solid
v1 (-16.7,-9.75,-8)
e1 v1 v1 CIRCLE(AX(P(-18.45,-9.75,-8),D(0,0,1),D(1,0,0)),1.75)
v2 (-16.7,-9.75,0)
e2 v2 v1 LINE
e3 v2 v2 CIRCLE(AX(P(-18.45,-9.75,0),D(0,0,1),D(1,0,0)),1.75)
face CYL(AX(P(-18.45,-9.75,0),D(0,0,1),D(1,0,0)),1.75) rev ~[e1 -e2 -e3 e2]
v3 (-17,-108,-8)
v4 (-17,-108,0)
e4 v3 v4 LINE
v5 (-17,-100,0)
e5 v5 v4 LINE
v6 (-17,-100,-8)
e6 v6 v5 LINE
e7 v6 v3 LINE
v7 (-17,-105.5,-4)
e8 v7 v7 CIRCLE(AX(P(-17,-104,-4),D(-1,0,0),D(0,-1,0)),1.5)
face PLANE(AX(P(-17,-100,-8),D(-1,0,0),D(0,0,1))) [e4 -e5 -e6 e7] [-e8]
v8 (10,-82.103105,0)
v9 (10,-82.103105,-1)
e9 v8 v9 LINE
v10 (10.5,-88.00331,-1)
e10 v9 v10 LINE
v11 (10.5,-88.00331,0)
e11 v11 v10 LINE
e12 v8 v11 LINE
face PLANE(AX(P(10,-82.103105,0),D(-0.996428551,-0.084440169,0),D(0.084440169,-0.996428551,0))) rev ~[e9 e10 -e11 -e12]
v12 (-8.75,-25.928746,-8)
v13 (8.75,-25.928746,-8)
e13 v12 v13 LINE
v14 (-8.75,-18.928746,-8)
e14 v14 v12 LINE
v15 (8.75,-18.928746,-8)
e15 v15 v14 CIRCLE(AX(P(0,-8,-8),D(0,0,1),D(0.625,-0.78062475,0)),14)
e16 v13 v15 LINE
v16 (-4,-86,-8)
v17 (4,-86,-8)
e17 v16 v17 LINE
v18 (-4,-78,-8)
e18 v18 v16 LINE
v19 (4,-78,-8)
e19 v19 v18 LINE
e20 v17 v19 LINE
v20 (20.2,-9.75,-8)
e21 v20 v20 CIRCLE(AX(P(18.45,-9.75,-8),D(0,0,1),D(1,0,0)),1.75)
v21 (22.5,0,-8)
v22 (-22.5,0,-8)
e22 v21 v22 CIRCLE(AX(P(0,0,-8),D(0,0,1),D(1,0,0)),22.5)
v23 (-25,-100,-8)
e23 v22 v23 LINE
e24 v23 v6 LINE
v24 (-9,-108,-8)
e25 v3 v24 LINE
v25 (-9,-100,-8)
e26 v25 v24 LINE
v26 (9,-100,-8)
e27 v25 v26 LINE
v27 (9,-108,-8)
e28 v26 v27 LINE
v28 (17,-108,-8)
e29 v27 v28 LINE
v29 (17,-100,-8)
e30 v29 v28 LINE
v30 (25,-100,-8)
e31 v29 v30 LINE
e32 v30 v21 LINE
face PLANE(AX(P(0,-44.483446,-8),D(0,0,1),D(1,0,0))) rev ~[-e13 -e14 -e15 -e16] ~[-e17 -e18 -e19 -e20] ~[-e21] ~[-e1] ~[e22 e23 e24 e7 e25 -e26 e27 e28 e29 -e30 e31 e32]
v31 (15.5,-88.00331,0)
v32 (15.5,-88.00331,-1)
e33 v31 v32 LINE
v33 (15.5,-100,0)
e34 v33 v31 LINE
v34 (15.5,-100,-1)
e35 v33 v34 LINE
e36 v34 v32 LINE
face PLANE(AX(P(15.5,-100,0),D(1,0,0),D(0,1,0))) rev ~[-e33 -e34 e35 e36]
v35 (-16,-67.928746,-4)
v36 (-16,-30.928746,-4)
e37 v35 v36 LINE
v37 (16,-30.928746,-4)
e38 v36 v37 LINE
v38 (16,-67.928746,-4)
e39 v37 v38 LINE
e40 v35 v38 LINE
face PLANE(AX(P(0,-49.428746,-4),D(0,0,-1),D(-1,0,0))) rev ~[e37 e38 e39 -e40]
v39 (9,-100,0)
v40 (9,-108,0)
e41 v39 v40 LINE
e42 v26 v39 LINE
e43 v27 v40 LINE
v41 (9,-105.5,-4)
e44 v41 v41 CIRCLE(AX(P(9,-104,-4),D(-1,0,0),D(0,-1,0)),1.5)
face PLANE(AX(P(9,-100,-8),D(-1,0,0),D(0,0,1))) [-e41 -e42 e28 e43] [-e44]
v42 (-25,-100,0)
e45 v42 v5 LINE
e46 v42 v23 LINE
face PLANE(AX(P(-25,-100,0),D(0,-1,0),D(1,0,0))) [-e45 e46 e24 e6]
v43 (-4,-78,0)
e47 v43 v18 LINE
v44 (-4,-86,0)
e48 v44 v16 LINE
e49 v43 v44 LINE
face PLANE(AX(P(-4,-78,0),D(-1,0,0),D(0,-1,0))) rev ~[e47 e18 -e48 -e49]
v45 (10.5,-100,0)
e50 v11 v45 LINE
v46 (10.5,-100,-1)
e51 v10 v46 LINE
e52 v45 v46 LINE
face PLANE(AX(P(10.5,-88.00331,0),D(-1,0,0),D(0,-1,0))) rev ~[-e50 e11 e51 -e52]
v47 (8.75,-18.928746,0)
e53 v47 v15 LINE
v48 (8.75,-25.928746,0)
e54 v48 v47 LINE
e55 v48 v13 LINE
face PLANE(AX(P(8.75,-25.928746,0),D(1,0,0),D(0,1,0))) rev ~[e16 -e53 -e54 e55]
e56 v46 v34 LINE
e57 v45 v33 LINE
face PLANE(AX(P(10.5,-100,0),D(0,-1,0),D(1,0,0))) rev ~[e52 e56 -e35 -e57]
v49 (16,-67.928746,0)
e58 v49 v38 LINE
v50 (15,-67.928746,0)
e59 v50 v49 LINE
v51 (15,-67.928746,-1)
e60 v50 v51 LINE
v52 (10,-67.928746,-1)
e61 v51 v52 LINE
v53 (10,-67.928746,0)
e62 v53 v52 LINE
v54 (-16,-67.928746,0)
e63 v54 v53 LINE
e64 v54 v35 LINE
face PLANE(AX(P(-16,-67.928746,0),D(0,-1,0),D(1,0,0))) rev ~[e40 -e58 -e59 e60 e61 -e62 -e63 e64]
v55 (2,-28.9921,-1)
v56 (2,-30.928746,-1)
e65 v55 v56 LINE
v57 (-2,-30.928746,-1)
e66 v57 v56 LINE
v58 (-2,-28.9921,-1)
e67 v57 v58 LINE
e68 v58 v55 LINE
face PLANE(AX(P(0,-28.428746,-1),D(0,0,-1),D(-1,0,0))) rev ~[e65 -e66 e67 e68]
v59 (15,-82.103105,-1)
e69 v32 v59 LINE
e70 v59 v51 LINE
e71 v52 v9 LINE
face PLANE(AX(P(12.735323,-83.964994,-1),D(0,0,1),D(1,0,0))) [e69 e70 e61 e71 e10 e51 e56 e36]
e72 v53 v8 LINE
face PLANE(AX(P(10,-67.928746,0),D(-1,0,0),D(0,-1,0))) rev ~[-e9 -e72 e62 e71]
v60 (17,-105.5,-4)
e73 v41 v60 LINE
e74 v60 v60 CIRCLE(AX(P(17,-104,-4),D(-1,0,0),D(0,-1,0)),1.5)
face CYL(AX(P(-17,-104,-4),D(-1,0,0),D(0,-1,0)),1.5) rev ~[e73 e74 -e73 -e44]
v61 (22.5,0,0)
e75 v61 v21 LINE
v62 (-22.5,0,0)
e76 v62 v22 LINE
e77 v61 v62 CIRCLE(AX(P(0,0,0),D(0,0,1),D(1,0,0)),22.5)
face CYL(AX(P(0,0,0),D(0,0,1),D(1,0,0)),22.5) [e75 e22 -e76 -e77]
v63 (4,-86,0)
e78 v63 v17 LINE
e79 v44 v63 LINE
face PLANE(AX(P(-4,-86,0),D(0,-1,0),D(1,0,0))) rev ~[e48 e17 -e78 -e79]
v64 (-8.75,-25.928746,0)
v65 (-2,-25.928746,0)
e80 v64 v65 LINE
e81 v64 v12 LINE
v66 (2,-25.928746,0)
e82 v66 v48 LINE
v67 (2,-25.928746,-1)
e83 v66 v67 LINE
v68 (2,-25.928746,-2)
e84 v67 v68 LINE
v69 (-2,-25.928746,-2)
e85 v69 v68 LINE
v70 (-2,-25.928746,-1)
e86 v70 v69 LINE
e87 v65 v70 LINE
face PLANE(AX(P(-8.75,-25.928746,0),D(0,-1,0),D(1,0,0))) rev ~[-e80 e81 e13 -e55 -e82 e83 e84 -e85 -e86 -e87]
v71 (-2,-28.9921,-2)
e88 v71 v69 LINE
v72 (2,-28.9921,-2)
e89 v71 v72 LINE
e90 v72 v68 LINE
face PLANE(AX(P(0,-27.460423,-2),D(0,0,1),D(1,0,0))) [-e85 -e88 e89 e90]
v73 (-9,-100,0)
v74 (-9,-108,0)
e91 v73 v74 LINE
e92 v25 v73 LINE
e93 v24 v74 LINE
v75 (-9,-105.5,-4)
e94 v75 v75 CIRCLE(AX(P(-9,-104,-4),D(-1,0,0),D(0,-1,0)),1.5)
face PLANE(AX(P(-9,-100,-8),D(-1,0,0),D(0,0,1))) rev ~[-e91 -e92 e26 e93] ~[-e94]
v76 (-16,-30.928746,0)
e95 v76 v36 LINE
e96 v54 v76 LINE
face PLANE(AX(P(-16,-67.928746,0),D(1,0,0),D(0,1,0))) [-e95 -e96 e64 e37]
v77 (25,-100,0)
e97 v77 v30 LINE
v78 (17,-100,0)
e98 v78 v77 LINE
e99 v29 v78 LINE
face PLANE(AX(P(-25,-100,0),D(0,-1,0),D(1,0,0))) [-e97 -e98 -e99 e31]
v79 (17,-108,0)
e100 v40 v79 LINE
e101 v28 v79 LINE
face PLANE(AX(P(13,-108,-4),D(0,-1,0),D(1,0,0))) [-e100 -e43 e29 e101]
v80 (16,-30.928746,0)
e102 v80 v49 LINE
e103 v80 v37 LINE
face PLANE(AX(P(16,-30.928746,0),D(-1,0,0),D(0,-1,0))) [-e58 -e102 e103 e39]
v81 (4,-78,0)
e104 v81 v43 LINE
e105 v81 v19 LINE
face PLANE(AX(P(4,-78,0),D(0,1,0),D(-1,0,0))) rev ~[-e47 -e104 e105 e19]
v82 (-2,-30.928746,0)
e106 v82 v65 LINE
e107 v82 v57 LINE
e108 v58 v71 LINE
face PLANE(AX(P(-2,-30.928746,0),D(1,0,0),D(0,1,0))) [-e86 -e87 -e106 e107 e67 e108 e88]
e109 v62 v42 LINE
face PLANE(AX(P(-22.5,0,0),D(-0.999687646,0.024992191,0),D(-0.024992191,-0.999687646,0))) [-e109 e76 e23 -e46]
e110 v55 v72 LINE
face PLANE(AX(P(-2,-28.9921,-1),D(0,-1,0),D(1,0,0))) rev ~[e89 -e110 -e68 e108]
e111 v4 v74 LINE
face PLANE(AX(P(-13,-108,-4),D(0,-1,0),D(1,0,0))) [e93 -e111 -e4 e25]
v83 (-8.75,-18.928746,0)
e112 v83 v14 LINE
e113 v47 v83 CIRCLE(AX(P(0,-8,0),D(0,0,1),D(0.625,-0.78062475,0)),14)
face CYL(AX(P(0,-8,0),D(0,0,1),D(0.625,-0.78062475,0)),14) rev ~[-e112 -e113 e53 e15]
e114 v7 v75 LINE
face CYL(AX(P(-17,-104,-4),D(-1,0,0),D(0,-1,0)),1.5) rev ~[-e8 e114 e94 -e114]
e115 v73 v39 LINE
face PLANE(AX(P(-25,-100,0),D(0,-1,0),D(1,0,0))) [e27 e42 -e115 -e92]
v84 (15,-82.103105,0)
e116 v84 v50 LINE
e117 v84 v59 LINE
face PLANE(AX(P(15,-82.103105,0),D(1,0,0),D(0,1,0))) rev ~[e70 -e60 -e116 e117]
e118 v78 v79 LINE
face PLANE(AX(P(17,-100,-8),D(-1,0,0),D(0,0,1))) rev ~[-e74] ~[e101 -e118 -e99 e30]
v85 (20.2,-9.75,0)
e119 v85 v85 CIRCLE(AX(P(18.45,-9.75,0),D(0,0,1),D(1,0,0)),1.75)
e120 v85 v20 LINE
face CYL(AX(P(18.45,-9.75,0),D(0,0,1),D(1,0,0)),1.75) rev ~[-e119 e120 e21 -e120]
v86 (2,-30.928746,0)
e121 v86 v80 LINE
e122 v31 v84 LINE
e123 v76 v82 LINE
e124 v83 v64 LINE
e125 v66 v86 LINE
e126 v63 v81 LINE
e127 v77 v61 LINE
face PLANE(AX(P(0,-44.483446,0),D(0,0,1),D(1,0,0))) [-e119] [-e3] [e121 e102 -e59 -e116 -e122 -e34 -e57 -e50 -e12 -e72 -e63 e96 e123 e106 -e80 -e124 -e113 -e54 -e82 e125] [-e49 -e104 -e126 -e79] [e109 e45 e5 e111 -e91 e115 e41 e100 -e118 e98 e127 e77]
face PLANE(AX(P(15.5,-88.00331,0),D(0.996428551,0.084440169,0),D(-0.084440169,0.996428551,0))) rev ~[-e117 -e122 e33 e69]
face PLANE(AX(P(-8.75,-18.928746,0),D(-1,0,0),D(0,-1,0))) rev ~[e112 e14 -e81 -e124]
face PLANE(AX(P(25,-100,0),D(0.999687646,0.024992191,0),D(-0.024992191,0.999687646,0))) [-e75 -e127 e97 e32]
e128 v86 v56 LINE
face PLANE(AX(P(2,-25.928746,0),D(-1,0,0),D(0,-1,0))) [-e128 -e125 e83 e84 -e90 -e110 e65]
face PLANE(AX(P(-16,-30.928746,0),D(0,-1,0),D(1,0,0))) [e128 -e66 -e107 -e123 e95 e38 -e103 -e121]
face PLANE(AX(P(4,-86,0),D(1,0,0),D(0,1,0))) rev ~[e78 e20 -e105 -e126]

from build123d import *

# Parameters (mm, degrees)
ARM_BOSS_EXTRUDE1_DEPTH                    = 8
STEPPER_CUT_EXTRUDE1_DEPTH                 = 8
CABLE_CUT_EXTRUDE2_DEPTH                   = 1
ULN2003_MODULE_CUT_EXTRUDE3_DEPTH          = 4
SKETCH6_W                                  = 8
SKETCH6_H                                  = 8
PUZZLE_SLOT_BOSS_EXTRUDE2_DEPTH            = 8
SKETCH7_R                                  = 1.75
MOUNTING_HOLES_CUT_EXTRUDE4_DEPTH          = 8
PUZZLE_SLOT_SCREW_HOLES_CUT_EXTRUDE5_REACH = 118.155
SKETCH8_R                                  = 1.5
SKETCH10_W                                 = 4
SKETCH10_H                                 = 3.063353071
CABLE_OUTPUT_CUT_EXTRUDE6_DEPTH            = 1
SIDE_PUZZLE_SLOT_CUT_EXTRUDE7_DEPTH        = 8
CABLE_LOWER_CUT_EXTRUDE8_DEPTH             = 1


with BuildPart() as part:
    # Sketch2 → Arm Boss-Extrude1 (new body)
    with BuildSketch(Plane.XY):
        with BuildLine():
            Line((-22.5, 0), (-25, -100))
            Line((-25, -100), (0, -100))
            Line((0, -100), (25, -100))
            Line((25, -100), (22.5, 0))
            ThreePointArc((22.5, 0), (0, 22.5), (-22.5, 0))
        make_face()
    extrude(amount=-ARM_BOSS_EXTRUDE1_DEPTH)

    # Sketch3 → Stepper Cut-Extrude1 (cut)
    with BuildSketch(Plane.XY):
        with BuildLine():
            Line((-8.75, -18.928746497), (-8.75, -25.928746497))
            Line((-8.75, -25.928746497), (0, -25.928746497))
            Line((0, -25.928746497), (8.75, -25.928746497))
            Line((8.75, -25.928746497), (8.75, -18.928746497))
            ThreePointArc((8.75, -18.928746497), (0, 6), (-8.75, -18.928746497))
        make_face()
    extrude(amount=-STEPPER_CUT_EXTRUDE1_DEPTH, mode=Mode.SUBTRACT)

    # Sketch4 → Cable Cut-Extrude2 (cut)
    with BuildSketch(Plane.XY):
        Polygon((-2, -25.928746497), (2, -25.928746497), (2, -30.928746497), (0, -30.928746497), (-2, -30.928746497), align=None)
    extrude(amount=-CABLE_CUT_EXTRUDE2_DEPTH, mode=Mode.SUBTRACT)

    # Sketch5 → ULN2003 Module Cut-Extrude3 (cut)
    with BuildSketch(Plane.XY):
        Polygon((-16, -30.928746497), (16, -30.928746497), (16, -67.928746497), (0, -67.928746497), (-16, -67.928746497), align=None)
    extrude(amount=-ULN2003_MODULE_CUT_EXTRUDE3_DEPTH, mode=Mode.SUBTRACT)

    # Sketch6 → Puzzle Slot Boss-Extrude2 (add)
    with BuildSketch(Plane.XZ.offset(100)):
        with Locations((-13, -4)):
            Rectangle(SKETCH6_W, SKETCH6_H)
        with Locations((13, -4)):
            Rectangle(SKETCH6_W, SKETCH6_H)
    extrude(amount=PUZZLE_SLOT_BOSS_EXTRUDE2_DEPTH)

    # Sketch7 → Mounting Holes Cut-Extrude4 (cut)
    with BuildSketch(Plane.XY):
        with Locations((-18.45, -9.75)):
            Circle(SKETCH7_R)
        with Locations((18.45, -9.75)):
            Circle(SKETCH7_R)
    extrude(amount=-MOUNTING_HOLES_CUT_EXTRUDE4_DEPTH, mode=Mode.SUBTRACT)

    # Puzzle Slot Screw Holes Cut-Extrude5: up to this face of the body (flat: up to its plane)
    puzzle_slot_screw_holes_cut_extrude5_end = Plane(part.part.faces().sort_by_distance((17, -104, -4))[0])
    # Sketch8 → Puzzle Slot Screw Holes Cut-Extrude5 (cut, up to the picked face)
    with BuildSketch(Plane.ZY.offset(17), mode=Mode.PRIVATE) as puzzle_slot_screw_holes_cut_extrude5_sk1:
        with Locations(Location((-4, -104, 0), (0, 0, 270))):
            Circle(SKETCH8_R)
    puzzle_slot_screw_holes_cut_extrude5_tool1 = split(extrude(puzzle_slot_screw_holes_cut_extrude5_sk1.sketch, amount=-PUZZLE_SLOT_SCREW_HOLES_CUT_EXTRUDE5_REACH, mode=Mode.PRIVATE), bisect_by=puzzle_slot_screw_holes_cut_extrude5_end, keep=Keep.BOTH, mode=Mode.PRIVATE)
    add(puzzle_slot_screw_holes_cut_extrude5_tool1.solids().sort_by(Axis((-17, -104, -4), (1, 0, 0)))[0], mode=Mode.SUBTRACT)

    # Sketch10 → Cable Output Cut-Extrude6 (cut)
    with BuildSketch(Plane.XY.offset(-1)):
        with Locations((0, -27.460423033)):
            Rectangle(SKETCH10_W, SKETCH10_H)
    extrude(amount=-CABLE_OUTPUT_CUT_EXTRUDE6_DEPTH, mode=Mode.SUBTRACT)

    # Sketch11 → Side Puzzle Slot Cut-Extrude7 (cut)
    with BuildSketch(Plane.XY):
        Polygon((-4, -86), (4, -86), (4, -78), (0, -78), (-4, -78), align=None)
    extrude(amount=-SIDE_PUZZLE_SLOT_CUT_EXTRUDE7_DEPTH, mode=Mode.SUBTRACT)

    # Sketch12 → Cable Lower Cut-Extrude8 (cut)
    with BuildSketch(Plane.XY):
        Polygon((15, -67.928746497), (10, -67.928746497), (10, -82.103104923), (10.5, -88.003309516), (10.5, -100), (15.5, -100), (15.5, -88.003309516), (15, -82.103104923), align=None)
    extrude(amount=-CABLE_LOWER_CUT_EXTRUDE8_DEPTH, mode=Mode.SUBTRACT)


solid = part.part
